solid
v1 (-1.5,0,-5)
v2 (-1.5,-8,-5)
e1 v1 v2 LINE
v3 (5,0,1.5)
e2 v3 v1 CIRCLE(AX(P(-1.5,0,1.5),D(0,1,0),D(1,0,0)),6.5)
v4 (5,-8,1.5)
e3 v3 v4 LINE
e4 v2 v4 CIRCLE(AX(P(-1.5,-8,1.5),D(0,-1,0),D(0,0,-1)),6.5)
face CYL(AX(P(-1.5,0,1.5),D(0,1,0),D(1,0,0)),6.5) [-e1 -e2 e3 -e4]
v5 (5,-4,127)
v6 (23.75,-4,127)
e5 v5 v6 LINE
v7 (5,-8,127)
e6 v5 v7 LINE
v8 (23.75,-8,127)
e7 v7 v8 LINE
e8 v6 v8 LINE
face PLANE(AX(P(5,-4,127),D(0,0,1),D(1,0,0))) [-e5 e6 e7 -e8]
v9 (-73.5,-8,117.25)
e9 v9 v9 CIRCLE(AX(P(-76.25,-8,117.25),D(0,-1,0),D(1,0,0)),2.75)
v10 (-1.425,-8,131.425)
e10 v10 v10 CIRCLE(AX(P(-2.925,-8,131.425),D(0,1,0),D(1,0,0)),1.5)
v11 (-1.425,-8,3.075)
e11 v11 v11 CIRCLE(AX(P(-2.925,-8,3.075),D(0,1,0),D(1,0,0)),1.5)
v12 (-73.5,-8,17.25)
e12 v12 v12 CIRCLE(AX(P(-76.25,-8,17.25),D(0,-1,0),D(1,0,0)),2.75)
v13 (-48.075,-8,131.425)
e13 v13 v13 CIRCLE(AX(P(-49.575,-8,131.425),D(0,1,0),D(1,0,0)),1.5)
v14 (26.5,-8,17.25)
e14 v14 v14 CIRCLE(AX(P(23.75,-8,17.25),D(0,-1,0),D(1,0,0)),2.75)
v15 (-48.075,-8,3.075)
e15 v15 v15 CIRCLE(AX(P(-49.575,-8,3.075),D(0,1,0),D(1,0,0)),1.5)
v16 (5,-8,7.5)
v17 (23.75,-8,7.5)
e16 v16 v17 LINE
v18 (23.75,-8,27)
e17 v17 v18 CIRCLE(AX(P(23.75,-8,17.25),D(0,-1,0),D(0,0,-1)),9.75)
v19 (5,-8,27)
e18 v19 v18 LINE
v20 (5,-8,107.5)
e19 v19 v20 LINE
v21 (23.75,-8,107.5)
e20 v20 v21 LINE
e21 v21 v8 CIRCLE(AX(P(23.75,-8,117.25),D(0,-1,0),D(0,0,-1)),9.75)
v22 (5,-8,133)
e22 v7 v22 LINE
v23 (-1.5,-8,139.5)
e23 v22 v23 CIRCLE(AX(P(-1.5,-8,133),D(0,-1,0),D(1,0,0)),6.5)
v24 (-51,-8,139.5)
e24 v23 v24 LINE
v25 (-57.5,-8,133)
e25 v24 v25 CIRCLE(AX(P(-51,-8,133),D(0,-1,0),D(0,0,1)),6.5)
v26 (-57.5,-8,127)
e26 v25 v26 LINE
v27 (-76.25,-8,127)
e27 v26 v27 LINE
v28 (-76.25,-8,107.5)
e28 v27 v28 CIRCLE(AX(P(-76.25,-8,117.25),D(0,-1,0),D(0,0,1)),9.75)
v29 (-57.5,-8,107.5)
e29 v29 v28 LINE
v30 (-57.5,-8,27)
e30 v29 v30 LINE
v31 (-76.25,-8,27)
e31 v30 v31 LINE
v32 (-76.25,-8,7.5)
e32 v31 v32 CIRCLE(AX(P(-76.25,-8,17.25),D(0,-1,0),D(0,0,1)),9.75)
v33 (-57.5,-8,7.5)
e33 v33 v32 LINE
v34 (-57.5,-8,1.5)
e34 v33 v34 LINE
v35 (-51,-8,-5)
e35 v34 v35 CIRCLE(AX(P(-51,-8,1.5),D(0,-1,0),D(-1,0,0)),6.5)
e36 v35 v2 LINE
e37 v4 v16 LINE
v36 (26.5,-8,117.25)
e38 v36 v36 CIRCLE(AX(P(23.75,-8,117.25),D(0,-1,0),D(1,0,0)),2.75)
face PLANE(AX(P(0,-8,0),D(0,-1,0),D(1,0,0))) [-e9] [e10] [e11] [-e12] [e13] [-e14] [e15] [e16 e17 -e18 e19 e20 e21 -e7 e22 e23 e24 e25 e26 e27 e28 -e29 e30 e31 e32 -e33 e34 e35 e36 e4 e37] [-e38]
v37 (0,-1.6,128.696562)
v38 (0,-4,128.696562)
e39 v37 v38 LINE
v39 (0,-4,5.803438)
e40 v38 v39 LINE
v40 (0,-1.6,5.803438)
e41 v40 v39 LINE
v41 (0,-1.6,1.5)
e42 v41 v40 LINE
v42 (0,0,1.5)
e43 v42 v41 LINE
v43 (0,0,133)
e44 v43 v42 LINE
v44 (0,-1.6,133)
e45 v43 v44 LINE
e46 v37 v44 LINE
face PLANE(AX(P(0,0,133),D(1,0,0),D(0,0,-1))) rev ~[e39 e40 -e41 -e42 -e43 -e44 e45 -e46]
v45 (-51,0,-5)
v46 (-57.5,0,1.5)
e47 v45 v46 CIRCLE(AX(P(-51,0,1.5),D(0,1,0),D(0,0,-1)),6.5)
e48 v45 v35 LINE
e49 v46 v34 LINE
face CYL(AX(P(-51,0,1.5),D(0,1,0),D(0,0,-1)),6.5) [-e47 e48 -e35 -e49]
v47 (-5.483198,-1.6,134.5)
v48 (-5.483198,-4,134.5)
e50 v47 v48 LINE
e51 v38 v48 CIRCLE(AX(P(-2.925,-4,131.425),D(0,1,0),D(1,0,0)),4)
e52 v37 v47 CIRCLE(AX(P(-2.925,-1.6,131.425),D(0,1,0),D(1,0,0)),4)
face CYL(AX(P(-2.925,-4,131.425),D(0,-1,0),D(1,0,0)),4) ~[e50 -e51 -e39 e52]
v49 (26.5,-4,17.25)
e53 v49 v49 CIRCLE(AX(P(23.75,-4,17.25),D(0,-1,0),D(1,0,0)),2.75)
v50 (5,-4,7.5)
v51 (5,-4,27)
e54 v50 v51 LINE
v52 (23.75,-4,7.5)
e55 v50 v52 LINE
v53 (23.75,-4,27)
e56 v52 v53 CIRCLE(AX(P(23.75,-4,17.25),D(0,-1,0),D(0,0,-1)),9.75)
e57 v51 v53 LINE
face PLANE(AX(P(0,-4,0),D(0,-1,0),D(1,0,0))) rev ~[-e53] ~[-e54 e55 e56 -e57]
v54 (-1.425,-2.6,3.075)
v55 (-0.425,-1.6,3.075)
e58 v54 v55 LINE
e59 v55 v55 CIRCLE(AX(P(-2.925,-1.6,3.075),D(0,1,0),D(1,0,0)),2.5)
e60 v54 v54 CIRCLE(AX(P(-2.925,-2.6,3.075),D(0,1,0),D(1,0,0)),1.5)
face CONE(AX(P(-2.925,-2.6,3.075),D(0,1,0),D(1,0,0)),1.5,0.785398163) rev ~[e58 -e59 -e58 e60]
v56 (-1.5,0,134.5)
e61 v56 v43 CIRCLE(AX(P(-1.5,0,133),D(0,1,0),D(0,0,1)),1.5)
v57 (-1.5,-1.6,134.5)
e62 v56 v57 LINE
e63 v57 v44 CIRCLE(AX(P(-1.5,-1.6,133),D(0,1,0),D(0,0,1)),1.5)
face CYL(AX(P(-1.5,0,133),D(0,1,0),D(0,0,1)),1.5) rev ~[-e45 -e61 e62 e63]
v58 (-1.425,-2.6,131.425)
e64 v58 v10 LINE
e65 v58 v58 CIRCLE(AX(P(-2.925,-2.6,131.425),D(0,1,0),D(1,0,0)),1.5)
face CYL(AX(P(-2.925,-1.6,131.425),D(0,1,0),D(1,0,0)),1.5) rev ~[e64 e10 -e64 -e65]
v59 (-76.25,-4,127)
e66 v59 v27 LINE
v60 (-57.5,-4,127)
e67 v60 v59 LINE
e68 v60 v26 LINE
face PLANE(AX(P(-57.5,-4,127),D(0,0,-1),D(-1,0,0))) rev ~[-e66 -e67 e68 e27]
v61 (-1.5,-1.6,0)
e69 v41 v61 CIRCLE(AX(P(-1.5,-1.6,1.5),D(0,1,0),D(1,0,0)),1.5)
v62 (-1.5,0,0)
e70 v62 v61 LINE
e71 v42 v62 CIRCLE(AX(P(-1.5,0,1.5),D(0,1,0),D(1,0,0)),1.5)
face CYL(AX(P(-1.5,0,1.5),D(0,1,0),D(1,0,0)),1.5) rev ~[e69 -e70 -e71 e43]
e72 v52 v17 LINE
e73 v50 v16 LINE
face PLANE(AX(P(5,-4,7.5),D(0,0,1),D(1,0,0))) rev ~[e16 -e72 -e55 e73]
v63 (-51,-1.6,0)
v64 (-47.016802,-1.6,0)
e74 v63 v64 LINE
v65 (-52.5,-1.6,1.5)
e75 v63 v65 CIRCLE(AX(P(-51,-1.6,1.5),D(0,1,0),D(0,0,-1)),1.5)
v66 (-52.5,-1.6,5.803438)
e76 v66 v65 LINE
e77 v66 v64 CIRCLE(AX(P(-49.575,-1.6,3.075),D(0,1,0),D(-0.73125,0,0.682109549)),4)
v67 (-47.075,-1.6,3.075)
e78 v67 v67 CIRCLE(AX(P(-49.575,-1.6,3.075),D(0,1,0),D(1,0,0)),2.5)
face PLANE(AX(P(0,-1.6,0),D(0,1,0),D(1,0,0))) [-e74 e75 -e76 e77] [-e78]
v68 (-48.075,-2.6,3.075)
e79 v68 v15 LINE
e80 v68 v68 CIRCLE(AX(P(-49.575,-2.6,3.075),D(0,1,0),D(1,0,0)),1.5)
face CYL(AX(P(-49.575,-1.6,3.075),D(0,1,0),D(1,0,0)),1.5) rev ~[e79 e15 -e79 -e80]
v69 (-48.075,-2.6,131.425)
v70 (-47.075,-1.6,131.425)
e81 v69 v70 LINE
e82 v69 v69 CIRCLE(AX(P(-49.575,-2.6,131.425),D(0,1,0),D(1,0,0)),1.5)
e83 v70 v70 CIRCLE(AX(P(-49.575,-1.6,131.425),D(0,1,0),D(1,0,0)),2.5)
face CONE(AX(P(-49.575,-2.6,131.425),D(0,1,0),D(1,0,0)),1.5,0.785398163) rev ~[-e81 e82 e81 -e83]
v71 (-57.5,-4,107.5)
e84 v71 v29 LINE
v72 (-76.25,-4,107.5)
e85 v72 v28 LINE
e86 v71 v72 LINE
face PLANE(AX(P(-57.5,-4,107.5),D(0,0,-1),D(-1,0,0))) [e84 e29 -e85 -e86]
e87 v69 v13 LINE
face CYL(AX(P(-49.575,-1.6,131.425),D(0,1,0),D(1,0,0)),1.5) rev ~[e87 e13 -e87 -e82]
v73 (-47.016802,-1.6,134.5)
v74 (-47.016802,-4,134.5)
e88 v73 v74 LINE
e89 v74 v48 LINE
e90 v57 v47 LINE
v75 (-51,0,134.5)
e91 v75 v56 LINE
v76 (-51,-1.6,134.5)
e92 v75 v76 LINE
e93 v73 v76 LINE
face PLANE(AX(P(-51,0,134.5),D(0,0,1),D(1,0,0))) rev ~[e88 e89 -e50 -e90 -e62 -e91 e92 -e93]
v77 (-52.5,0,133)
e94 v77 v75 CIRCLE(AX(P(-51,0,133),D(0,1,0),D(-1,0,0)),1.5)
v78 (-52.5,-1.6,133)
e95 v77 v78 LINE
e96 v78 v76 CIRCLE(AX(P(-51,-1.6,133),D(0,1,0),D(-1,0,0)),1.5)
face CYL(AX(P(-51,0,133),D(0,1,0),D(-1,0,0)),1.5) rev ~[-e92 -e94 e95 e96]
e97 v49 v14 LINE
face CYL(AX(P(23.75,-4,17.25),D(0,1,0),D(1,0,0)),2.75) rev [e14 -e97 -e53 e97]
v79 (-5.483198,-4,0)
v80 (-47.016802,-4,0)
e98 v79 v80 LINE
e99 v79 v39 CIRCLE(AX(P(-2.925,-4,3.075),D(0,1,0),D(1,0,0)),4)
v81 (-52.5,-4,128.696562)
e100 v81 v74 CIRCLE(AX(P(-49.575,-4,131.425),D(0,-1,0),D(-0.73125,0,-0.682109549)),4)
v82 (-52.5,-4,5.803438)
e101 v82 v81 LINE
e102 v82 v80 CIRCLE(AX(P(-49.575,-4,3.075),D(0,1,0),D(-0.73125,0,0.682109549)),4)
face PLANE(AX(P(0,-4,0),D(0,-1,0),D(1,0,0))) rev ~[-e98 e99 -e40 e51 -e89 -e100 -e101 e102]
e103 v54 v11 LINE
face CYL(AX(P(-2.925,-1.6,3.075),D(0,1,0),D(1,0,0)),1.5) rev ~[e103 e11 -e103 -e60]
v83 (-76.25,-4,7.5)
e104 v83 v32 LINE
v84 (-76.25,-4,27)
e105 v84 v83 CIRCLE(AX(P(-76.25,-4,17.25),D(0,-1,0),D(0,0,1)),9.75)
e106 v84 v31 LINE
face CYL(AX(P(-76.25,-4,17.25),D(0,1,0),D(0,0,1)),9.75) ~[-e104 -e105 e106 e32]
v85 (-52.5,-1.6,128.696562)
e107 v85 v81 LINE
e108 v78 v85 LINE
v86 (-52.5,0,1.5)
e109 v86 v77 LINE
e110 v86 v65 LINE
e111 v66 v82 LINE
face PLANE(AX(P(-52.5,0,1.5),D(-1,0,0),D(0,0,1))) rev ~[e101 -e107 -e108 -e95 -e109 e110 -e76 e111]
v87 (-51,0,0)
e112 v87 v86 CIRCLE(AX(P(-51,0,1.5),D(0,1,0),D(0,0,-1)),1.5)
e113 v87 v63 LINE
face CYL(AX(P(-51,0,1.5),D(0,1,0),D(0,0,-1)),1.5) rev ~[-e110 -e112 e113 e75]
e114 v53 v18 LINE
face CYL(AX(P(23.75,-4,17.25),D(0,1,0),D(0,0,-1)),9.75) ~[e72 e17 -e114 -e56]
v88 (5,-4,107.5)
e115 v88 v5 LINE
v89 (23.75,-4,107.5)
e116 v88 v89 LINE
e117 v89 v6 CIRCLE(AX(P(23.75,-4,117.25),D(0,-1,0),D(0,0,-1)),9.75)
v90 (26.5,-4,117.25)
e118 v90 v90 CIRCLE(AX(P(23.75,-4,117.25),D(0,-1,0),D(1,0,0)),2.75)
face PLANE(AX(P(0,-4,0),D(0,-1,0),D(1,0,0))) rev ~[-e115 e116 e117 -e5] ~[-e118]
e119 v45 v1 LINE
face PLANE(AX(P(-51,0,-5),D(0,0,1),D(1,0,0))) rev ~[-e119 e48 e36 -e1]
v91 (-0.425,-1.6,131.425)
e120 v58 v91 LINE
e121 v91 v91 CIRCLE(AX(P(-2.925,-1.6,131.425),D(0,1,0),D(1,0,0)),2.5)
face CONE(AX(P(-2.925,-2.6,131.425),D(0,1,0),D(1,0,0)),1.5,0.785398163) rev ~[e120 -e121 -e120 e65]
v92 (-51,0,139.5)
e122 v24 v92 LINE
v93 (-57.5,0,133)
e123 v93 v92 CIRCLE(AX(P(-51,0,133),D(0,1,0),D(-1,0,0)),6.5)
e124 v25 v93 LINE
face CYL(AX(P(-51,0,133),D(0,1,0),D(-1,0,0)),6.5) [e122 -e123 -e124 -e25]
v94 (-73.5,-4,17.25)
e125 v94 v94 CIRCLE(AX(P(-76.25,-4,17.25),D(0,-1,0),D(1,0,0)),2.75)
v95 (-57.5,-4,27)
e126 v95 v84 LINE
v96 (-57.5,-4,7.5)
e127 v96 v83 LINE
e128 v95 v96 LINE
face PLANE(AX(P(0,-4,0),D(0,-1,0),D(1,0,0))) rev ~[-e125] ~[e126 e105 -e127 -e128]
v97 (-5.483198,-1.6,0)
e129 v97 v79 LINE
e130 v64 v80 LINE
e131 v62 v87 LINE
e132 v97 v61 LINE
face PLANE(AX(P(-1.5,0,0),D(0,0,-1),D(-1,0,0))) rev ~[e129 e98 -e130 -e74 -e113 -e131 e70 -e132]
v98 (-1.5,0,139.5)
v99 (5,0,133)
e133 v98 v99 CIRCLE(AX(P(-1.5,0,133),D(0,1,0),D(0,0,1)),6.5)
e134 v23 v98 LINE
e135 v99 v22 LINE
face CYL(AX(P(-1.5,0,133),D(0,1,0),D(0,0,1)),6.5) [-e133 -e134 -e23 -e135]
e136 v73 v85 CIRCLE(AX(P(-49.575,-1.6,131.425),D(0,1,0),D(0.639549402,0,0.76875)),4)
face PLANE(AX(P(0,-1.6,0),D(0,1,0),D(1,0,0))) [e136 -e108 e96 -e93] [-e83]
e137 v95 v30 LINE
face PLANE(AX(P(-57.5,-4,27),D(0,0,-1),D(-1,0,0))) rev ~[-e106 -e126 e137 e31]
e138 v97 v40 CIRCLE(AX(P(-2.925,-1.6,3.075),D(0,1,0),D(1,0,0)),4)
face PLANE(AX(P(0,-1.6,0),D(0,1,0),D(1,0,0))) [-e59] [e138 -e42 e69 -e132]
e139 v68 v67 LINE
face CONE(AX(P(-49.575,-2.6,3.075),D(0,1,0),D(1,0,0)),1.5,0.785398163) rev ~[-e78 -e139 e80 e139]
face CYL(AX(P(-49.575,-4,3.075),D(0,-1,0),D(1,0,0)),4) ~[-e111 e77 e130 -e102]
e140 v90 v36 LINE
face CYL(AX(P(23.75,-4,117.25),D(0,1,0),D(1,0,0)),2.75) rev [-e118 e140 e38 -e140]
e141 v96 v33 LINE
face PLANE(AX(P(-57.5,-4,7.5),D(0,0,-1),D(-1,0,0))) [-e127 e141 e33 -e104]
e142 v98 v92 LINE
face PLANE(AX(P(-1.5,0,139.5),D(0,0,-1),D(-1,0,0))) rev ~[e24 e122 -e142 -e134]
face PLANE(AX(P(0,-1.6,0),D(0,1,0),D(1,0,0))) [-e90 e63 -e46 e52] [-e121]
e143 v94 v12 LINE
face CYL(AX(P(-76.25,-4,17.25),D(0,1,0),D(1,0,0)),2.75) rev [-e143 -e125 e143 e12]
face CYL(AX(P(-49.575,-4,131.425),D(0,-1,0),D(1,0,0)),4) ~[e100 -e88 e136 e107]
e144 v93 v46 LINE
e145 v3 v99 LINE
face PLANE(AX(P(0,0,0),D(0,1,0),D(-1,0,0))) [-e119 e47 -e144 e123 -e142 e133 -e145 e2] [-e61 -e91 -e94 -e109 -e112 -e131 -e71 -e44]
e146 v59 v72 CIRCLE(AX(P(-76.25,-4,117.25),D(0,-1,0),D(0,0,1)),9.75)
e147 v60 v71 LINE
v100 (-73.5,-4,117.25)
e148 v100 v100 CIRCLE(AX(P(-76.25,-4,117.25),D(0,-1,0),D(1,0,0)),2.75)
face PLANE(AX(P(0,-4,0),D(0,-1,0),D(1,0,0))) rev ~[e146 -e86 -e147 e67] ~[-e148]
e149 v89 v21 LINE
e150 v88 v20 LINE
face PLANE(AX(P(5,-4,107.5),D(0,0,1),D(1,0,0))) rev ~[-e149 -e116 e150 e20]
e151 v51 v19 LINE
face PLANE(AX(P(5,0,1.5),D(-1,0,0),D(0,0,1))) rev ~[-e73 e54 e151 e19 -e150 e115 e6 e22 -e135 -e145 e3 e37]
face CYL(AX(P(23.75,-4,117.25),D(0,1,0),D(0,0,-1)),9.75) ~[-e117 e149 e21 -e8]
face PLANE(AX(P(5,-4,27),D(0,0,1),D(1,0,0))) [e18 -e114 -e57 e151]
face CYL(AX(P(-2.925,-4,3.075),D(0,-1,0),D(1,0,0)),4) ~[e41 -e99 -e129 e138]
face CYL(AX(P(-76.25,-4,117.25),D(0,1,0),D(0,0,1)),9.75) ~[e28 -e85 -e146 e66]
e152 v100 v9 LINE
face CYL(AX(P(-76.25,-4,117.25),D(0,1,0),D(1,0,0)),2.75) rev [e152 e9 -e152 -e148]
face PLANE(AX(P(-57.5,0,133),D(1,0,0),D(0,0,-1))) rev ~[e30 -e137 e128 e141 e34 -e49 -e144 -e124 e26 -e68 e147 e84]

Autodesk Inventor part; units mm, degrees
ref_plane "YZ Plane" through (0, 0, 0) normal (1, 0, 0) x (0, 1, 0)
ref_plane "XZ Plane" through (0, 0, 0) normal (0, 1, 0) x (-1, 0, 0)
ref_plane "XY Plane" through (0, 0, 0) normal (0, 0, 1) x (1, 0, 0)
sketch "Sketch1" plane through (0, 0, 0) normal (0, 1, 0) x (-1, 0, 0)
  line L0 (1.5, 0) -> (51, 0)
  line L1 (52.5, 1.5) -> (52.5, 133)
  line L2 (51, 134.5) -> (1.5, 134.5)
  line L3 (0, 133) -> (0, 1.5)
  arc A0 (52.5, 133) -> (51, 134.5) centre (51, 133) ccw
  arc A1 (51, 0) -> (52.5, 1.5) centre (51, 1.5) ccw
  arc A2 (0, 1.5) -> (1.5, 0) centre (1.5, 1.5) ccw
  arc A3 (1.5, 134.5) -> (0, 133) centre (1.5, 133) ccw
  line L4 (57.5, 133) -> (57.5, 1.5)
  arc A4 (51, -5) -> (57.5, 1.5) centre (51, 1.5) ccw
  line L5 (51, -5) -> (1.5, -5)
  arc A5 (-5, 1.5) -> (1.5, -5) centre (1.5, 1.5) ccw
  line L6 (-5, 1.5) -> (-5, 133)
  arc A6 (1.5, 139.5) -> (-5, 133) centre (1.5, 133) ccw
  line L7 (1.5, 139.5) -> (51, 139.5)
  arc A7 (57.5, 133) -> (51, 139.5) centre (51, 133) ccw
  point P0 (0, 0)
  point P1 (52.5, 134.5)
  point P2 (52.5, 0)
  point P3 (0, 134.5)
  dimension "d0" = 52.5
  dimension "d1" = 134.5
  dimension "d2" = 1.5
  dimension "d3" = 5
extrude "Extrusion1" add sketch "Sketch1" against normal blind 4
sketch "Sketch2" plane through (0, -4, 0) normal (0, -1, 0) x (1, 0, 0)
  line L0 (5, 1.5) -> (5, 133) projected
  arc A0 (5, 133) -> (-1.5, 139.5) centre (-1.5, 133) ccw projected
  line L1 (-1.5, 139.5) -> (-51, 139.5) projected
  arc A1 (-51, 139.5) -> (-57.5, 133) centre (-51, 133) ccw projected
  line L2 (-57.5, 133) -> (-57.5, 1.5) projected
  arc A2 (-57.5, 1.5) -> (-51, -5) centre (-51, 1.5) ccw projected
  line L3 (-51, -5) -> (-1.5, -5) projected
  arc A3 (-1.5, -5) -> (5, 1.5) centre (-1.5, 1.5) ccw projected
  arc A4 (-1.5, 0) -> (0, 1.5) centre (-1.5, 1.5) ccw projected
  line L4 (-1.5, 0) -> (-51, 0) projected
  arc A5 (-52.5, 1.5) -> (-51, 0) centre (-51, 1.5) ccw projected
  line L5 (-52.5, 1.5) -> (-52.5, 133) projected
  arc A6 (-51, 134.5) -> (-52.5, 133) centre (-51, 133) ccw projected
  line L6 (-51, 134.5) -> (-1.5, 134.5) projected
  arc A7 (0, 133) -> (-1.5, 134.5) centre (-1.5, 133) ccw projected
  line L7 (0, 133) -> (0, 1.5) projected
  line L8 (23.75, 117.25) -> (-76.25, 117.25) construction
  line L9 (-76.25, 117.25) -> (-76.25, 17.25) construction
  line L10 (-76.25, 17.25) -> (23.75, 17.25) construction
  line L11 (23.75, 17.25) -> (23.75, 117.25) construction
  circle A8 centre (23.75, 117.25) radius 2.75
  arc A9 (23.75, 107.5) -> (23.75, 127) centre (23.75, 117.25) ccw
  line L12 (5, 1.5) -> (5, 133) projected
  line L13 (5, 127) -> (23.75, 127)
  line L14 (5, 107.5) -> (23.75, 107.5)
  line L15 (23.75, 67.25) -> (-76.25, 67.25) construction
  line L16 (-26.25, 67.25) -> (-26.25, 117.25) construction
  circle A10 centre (23.75, 17.25) radius 2.75
  arc A11 (23.75, 7.5) -> (23.75, 27) centre (23.75, 17.25) ccw
  line L17 (5, 7.5) -> (23.75, 7.5)
  line L18 (5, 27) -> (23.75, 27)
  circle A12 centre (-76.25, 117.25) radius 2.75
  arc A13 (-76.25, 127) -> (-76.25, 107.5) centre (-76.25, 117.25) ccw
  line L19 (-57.5, 127) -> (-76.25, 127)
  line L20 (-57.5, 107.5) -> (-76.25, 107.5)
  arc A14 (-76.25, 27) -> (-76.25, 7.5) centre (-76.25, 17.25) ccw
  circle A15 centre (-76.25, 17.25) radius 2.75
  line L21 (-57.5, 7.5) -> (-76.25, 7.5)
  line L22 (-57.5, 27) -> (-76.25, 27)
  point P0 (0, 0)
  dimension "d6" = 100
  dimension "d7" = 100
  dimension "d8" = 62.5
  dimension "d9" = 144.5
  dimension "d10" = 18.75
  dimension "d11" = 22.25
  dimension "d12" = 5.5
  dimension "d13" = 7
extrude "Extrusion2" add sketch "Sketch2" along normal blind 4 contours A3 L3 A2 L2 A1 L1 A0 L0 | L0 L18 A11 L17 | L0 L13 A9 L14 | L21 A14 L22 L2 | L20 A13 L19 L2 | L4 A5 L5 A6 L6 A7 L7 A4
sketch "Sketch3" plane through (0, -4, 0) normal (0, 1, 0) x (1, 0, 0)
  line L0 (-49.575, -131.425) -> (-2.925, -131.425) construction
  line L1 (-2.925, -131.425) -> (-2.925, -3.075) construction
  line L2 (-2.925, -3.075) -> (-49.575, -3.075) construction
  line L3 (-49.575, -3.075) -> (-49.575, -131.425) construction
  line L4 (-49.575, -131.425) -> (-49.575, -134.5) construction
  line L5 (-1.5, -134.5) -> (-51, -134.5) construction
  line L6 (-49.575, -131.425) -> (-52.5, -131.425) construction
  line L7 (-52.5, -1.5) -> (-52.5, -133) construction
  line L8 (-2.925, -3.075) -> (0, -3.075) construction
  line L9 (0, -1.5) -> (0, -133) construction
  line L10 (-2.925, -3.075) -> (-2.925, 0) construction
  line L11 (-51, 0) -> (-1.5, 0) construction
  circle A0 centre (-49.575, -131.425) radius 4
  circle A1 centre (-2.925, -131.425) radius 4
  circle A2 centre (-2.925, -3.075) radius 4
  circle A3 centre (-49.575, -3.075) radius 4
  point P0 (0, 0)
  dimension "d16" = 46.65
  dimension "d17" = 128.35
  dimension "d18" = 8
  dimension "d19" = 8
  dimension "d20" = 8
  dimension "d21" = 8
extrude "Extrusion3" add sketch "Sketch3" along normal blind 2.4
sketch "Sketch4" plane through (0, -1.6, 0) normal (0, 1, 0) x (1, 0, 0)
  line L0 (-47.0168, -134.5) -> (-51, -134.5) projected
  arc A0 (-47.0168, -134.5) -> (-52.5, -128.6966) centre (-49.575, -131.425) ccw projected
  line L1 (-52.5, -133) -> (-52.5, -128.6966) projected
  arc A1 (-52.5, -133) -> (-51, -134.5) centre (-51, -133) ccw projected
  line L2 (0, -128.6966) -> (0, -133) projected
  arc A2 (0, -128.6966) -> (-5.4832, -134.5) centre (-2.925, -131.425) ccw projected
  line L3 (-1.5, -134.5) -> (-5.4832, -134.5) projected
  arc A3 (-1.5, -134.5) -> (0, -133) centre (-1.5, -133) ccw projected
  line L4 (-52.5, -5.8034) -> (-52.5, -1.5) projected
  arc A4 (-52.5, -5.8034) -> (-47.0168, 0) centre (-49.575, -3.075) ccw projected
  line L5 (-51, 0) -> (-47.0168, 0) projected
  arc A5 (-51, 0) -> (-52.5, -1.5) centre (-51, -1.5) ccw projected
  line L6 (-5.4832, 0) -> (-1.5, 0) projected
  arc A6 (-5.4832, 0) -> (0, -5.8034) centre (-2.925, -3.075) ccw projected
  line L7 (0, -1.5) -> (0, -5.8034) projected
  arc A7 (0, -1.5) -> (-1.5, 0) centre (-1.5, -1.5) ccw projected
  circle A8 centre (-49.575, -131.425) radius 1.5
  arc A9 (-52.5, -5.8034) -> (-47.0168, 0) centre (-49.575, -3.075) ccw projected
  circle A10 centre (-49.575, -3.075) radius 1.5
  circle A11 centre (-2.925, -3.075) radius 1.5
  arc A12 (0, -128.6966) -> (-5.4832, -134.5) centre (-2.925, -131.425) ccw projected
  circle A13 centre (-2.925, -131.425) radius 1.5
  point P0 (0, 0)
  dimension "d24" = 3
  dimension "d25" = 3
  dimension "d26" = 3
  dimension "d27" = 3
extrude "Extrusion4" cut sketch "Sketch4" against normal through all contours A8 | A10 | A11 | A13
chamfer "Chamfer1" distance 1 angle 45 4 edges at (-51.075, -1.6, 131.425) (-4.425, -1.6, 131.425) (-4.425, -1.6, 3.075) (-51.075, -1.6, 3.075)
equation "\"d10\" = -0.5 * d8 + 0.5 * d6"
equation "\"d11\" = -0.5 * d7 + 0.5 * d9"
equation "\"d19\" = d18"
equation "\"d20\" = d18"
equation "\"d21\" = d18"
equation "\"d25\" = d24"
equation "\"d26\" = d24"
equation "\"d27\" = d24"
properties part number "Elegoo 8 Channel Relay Module"
